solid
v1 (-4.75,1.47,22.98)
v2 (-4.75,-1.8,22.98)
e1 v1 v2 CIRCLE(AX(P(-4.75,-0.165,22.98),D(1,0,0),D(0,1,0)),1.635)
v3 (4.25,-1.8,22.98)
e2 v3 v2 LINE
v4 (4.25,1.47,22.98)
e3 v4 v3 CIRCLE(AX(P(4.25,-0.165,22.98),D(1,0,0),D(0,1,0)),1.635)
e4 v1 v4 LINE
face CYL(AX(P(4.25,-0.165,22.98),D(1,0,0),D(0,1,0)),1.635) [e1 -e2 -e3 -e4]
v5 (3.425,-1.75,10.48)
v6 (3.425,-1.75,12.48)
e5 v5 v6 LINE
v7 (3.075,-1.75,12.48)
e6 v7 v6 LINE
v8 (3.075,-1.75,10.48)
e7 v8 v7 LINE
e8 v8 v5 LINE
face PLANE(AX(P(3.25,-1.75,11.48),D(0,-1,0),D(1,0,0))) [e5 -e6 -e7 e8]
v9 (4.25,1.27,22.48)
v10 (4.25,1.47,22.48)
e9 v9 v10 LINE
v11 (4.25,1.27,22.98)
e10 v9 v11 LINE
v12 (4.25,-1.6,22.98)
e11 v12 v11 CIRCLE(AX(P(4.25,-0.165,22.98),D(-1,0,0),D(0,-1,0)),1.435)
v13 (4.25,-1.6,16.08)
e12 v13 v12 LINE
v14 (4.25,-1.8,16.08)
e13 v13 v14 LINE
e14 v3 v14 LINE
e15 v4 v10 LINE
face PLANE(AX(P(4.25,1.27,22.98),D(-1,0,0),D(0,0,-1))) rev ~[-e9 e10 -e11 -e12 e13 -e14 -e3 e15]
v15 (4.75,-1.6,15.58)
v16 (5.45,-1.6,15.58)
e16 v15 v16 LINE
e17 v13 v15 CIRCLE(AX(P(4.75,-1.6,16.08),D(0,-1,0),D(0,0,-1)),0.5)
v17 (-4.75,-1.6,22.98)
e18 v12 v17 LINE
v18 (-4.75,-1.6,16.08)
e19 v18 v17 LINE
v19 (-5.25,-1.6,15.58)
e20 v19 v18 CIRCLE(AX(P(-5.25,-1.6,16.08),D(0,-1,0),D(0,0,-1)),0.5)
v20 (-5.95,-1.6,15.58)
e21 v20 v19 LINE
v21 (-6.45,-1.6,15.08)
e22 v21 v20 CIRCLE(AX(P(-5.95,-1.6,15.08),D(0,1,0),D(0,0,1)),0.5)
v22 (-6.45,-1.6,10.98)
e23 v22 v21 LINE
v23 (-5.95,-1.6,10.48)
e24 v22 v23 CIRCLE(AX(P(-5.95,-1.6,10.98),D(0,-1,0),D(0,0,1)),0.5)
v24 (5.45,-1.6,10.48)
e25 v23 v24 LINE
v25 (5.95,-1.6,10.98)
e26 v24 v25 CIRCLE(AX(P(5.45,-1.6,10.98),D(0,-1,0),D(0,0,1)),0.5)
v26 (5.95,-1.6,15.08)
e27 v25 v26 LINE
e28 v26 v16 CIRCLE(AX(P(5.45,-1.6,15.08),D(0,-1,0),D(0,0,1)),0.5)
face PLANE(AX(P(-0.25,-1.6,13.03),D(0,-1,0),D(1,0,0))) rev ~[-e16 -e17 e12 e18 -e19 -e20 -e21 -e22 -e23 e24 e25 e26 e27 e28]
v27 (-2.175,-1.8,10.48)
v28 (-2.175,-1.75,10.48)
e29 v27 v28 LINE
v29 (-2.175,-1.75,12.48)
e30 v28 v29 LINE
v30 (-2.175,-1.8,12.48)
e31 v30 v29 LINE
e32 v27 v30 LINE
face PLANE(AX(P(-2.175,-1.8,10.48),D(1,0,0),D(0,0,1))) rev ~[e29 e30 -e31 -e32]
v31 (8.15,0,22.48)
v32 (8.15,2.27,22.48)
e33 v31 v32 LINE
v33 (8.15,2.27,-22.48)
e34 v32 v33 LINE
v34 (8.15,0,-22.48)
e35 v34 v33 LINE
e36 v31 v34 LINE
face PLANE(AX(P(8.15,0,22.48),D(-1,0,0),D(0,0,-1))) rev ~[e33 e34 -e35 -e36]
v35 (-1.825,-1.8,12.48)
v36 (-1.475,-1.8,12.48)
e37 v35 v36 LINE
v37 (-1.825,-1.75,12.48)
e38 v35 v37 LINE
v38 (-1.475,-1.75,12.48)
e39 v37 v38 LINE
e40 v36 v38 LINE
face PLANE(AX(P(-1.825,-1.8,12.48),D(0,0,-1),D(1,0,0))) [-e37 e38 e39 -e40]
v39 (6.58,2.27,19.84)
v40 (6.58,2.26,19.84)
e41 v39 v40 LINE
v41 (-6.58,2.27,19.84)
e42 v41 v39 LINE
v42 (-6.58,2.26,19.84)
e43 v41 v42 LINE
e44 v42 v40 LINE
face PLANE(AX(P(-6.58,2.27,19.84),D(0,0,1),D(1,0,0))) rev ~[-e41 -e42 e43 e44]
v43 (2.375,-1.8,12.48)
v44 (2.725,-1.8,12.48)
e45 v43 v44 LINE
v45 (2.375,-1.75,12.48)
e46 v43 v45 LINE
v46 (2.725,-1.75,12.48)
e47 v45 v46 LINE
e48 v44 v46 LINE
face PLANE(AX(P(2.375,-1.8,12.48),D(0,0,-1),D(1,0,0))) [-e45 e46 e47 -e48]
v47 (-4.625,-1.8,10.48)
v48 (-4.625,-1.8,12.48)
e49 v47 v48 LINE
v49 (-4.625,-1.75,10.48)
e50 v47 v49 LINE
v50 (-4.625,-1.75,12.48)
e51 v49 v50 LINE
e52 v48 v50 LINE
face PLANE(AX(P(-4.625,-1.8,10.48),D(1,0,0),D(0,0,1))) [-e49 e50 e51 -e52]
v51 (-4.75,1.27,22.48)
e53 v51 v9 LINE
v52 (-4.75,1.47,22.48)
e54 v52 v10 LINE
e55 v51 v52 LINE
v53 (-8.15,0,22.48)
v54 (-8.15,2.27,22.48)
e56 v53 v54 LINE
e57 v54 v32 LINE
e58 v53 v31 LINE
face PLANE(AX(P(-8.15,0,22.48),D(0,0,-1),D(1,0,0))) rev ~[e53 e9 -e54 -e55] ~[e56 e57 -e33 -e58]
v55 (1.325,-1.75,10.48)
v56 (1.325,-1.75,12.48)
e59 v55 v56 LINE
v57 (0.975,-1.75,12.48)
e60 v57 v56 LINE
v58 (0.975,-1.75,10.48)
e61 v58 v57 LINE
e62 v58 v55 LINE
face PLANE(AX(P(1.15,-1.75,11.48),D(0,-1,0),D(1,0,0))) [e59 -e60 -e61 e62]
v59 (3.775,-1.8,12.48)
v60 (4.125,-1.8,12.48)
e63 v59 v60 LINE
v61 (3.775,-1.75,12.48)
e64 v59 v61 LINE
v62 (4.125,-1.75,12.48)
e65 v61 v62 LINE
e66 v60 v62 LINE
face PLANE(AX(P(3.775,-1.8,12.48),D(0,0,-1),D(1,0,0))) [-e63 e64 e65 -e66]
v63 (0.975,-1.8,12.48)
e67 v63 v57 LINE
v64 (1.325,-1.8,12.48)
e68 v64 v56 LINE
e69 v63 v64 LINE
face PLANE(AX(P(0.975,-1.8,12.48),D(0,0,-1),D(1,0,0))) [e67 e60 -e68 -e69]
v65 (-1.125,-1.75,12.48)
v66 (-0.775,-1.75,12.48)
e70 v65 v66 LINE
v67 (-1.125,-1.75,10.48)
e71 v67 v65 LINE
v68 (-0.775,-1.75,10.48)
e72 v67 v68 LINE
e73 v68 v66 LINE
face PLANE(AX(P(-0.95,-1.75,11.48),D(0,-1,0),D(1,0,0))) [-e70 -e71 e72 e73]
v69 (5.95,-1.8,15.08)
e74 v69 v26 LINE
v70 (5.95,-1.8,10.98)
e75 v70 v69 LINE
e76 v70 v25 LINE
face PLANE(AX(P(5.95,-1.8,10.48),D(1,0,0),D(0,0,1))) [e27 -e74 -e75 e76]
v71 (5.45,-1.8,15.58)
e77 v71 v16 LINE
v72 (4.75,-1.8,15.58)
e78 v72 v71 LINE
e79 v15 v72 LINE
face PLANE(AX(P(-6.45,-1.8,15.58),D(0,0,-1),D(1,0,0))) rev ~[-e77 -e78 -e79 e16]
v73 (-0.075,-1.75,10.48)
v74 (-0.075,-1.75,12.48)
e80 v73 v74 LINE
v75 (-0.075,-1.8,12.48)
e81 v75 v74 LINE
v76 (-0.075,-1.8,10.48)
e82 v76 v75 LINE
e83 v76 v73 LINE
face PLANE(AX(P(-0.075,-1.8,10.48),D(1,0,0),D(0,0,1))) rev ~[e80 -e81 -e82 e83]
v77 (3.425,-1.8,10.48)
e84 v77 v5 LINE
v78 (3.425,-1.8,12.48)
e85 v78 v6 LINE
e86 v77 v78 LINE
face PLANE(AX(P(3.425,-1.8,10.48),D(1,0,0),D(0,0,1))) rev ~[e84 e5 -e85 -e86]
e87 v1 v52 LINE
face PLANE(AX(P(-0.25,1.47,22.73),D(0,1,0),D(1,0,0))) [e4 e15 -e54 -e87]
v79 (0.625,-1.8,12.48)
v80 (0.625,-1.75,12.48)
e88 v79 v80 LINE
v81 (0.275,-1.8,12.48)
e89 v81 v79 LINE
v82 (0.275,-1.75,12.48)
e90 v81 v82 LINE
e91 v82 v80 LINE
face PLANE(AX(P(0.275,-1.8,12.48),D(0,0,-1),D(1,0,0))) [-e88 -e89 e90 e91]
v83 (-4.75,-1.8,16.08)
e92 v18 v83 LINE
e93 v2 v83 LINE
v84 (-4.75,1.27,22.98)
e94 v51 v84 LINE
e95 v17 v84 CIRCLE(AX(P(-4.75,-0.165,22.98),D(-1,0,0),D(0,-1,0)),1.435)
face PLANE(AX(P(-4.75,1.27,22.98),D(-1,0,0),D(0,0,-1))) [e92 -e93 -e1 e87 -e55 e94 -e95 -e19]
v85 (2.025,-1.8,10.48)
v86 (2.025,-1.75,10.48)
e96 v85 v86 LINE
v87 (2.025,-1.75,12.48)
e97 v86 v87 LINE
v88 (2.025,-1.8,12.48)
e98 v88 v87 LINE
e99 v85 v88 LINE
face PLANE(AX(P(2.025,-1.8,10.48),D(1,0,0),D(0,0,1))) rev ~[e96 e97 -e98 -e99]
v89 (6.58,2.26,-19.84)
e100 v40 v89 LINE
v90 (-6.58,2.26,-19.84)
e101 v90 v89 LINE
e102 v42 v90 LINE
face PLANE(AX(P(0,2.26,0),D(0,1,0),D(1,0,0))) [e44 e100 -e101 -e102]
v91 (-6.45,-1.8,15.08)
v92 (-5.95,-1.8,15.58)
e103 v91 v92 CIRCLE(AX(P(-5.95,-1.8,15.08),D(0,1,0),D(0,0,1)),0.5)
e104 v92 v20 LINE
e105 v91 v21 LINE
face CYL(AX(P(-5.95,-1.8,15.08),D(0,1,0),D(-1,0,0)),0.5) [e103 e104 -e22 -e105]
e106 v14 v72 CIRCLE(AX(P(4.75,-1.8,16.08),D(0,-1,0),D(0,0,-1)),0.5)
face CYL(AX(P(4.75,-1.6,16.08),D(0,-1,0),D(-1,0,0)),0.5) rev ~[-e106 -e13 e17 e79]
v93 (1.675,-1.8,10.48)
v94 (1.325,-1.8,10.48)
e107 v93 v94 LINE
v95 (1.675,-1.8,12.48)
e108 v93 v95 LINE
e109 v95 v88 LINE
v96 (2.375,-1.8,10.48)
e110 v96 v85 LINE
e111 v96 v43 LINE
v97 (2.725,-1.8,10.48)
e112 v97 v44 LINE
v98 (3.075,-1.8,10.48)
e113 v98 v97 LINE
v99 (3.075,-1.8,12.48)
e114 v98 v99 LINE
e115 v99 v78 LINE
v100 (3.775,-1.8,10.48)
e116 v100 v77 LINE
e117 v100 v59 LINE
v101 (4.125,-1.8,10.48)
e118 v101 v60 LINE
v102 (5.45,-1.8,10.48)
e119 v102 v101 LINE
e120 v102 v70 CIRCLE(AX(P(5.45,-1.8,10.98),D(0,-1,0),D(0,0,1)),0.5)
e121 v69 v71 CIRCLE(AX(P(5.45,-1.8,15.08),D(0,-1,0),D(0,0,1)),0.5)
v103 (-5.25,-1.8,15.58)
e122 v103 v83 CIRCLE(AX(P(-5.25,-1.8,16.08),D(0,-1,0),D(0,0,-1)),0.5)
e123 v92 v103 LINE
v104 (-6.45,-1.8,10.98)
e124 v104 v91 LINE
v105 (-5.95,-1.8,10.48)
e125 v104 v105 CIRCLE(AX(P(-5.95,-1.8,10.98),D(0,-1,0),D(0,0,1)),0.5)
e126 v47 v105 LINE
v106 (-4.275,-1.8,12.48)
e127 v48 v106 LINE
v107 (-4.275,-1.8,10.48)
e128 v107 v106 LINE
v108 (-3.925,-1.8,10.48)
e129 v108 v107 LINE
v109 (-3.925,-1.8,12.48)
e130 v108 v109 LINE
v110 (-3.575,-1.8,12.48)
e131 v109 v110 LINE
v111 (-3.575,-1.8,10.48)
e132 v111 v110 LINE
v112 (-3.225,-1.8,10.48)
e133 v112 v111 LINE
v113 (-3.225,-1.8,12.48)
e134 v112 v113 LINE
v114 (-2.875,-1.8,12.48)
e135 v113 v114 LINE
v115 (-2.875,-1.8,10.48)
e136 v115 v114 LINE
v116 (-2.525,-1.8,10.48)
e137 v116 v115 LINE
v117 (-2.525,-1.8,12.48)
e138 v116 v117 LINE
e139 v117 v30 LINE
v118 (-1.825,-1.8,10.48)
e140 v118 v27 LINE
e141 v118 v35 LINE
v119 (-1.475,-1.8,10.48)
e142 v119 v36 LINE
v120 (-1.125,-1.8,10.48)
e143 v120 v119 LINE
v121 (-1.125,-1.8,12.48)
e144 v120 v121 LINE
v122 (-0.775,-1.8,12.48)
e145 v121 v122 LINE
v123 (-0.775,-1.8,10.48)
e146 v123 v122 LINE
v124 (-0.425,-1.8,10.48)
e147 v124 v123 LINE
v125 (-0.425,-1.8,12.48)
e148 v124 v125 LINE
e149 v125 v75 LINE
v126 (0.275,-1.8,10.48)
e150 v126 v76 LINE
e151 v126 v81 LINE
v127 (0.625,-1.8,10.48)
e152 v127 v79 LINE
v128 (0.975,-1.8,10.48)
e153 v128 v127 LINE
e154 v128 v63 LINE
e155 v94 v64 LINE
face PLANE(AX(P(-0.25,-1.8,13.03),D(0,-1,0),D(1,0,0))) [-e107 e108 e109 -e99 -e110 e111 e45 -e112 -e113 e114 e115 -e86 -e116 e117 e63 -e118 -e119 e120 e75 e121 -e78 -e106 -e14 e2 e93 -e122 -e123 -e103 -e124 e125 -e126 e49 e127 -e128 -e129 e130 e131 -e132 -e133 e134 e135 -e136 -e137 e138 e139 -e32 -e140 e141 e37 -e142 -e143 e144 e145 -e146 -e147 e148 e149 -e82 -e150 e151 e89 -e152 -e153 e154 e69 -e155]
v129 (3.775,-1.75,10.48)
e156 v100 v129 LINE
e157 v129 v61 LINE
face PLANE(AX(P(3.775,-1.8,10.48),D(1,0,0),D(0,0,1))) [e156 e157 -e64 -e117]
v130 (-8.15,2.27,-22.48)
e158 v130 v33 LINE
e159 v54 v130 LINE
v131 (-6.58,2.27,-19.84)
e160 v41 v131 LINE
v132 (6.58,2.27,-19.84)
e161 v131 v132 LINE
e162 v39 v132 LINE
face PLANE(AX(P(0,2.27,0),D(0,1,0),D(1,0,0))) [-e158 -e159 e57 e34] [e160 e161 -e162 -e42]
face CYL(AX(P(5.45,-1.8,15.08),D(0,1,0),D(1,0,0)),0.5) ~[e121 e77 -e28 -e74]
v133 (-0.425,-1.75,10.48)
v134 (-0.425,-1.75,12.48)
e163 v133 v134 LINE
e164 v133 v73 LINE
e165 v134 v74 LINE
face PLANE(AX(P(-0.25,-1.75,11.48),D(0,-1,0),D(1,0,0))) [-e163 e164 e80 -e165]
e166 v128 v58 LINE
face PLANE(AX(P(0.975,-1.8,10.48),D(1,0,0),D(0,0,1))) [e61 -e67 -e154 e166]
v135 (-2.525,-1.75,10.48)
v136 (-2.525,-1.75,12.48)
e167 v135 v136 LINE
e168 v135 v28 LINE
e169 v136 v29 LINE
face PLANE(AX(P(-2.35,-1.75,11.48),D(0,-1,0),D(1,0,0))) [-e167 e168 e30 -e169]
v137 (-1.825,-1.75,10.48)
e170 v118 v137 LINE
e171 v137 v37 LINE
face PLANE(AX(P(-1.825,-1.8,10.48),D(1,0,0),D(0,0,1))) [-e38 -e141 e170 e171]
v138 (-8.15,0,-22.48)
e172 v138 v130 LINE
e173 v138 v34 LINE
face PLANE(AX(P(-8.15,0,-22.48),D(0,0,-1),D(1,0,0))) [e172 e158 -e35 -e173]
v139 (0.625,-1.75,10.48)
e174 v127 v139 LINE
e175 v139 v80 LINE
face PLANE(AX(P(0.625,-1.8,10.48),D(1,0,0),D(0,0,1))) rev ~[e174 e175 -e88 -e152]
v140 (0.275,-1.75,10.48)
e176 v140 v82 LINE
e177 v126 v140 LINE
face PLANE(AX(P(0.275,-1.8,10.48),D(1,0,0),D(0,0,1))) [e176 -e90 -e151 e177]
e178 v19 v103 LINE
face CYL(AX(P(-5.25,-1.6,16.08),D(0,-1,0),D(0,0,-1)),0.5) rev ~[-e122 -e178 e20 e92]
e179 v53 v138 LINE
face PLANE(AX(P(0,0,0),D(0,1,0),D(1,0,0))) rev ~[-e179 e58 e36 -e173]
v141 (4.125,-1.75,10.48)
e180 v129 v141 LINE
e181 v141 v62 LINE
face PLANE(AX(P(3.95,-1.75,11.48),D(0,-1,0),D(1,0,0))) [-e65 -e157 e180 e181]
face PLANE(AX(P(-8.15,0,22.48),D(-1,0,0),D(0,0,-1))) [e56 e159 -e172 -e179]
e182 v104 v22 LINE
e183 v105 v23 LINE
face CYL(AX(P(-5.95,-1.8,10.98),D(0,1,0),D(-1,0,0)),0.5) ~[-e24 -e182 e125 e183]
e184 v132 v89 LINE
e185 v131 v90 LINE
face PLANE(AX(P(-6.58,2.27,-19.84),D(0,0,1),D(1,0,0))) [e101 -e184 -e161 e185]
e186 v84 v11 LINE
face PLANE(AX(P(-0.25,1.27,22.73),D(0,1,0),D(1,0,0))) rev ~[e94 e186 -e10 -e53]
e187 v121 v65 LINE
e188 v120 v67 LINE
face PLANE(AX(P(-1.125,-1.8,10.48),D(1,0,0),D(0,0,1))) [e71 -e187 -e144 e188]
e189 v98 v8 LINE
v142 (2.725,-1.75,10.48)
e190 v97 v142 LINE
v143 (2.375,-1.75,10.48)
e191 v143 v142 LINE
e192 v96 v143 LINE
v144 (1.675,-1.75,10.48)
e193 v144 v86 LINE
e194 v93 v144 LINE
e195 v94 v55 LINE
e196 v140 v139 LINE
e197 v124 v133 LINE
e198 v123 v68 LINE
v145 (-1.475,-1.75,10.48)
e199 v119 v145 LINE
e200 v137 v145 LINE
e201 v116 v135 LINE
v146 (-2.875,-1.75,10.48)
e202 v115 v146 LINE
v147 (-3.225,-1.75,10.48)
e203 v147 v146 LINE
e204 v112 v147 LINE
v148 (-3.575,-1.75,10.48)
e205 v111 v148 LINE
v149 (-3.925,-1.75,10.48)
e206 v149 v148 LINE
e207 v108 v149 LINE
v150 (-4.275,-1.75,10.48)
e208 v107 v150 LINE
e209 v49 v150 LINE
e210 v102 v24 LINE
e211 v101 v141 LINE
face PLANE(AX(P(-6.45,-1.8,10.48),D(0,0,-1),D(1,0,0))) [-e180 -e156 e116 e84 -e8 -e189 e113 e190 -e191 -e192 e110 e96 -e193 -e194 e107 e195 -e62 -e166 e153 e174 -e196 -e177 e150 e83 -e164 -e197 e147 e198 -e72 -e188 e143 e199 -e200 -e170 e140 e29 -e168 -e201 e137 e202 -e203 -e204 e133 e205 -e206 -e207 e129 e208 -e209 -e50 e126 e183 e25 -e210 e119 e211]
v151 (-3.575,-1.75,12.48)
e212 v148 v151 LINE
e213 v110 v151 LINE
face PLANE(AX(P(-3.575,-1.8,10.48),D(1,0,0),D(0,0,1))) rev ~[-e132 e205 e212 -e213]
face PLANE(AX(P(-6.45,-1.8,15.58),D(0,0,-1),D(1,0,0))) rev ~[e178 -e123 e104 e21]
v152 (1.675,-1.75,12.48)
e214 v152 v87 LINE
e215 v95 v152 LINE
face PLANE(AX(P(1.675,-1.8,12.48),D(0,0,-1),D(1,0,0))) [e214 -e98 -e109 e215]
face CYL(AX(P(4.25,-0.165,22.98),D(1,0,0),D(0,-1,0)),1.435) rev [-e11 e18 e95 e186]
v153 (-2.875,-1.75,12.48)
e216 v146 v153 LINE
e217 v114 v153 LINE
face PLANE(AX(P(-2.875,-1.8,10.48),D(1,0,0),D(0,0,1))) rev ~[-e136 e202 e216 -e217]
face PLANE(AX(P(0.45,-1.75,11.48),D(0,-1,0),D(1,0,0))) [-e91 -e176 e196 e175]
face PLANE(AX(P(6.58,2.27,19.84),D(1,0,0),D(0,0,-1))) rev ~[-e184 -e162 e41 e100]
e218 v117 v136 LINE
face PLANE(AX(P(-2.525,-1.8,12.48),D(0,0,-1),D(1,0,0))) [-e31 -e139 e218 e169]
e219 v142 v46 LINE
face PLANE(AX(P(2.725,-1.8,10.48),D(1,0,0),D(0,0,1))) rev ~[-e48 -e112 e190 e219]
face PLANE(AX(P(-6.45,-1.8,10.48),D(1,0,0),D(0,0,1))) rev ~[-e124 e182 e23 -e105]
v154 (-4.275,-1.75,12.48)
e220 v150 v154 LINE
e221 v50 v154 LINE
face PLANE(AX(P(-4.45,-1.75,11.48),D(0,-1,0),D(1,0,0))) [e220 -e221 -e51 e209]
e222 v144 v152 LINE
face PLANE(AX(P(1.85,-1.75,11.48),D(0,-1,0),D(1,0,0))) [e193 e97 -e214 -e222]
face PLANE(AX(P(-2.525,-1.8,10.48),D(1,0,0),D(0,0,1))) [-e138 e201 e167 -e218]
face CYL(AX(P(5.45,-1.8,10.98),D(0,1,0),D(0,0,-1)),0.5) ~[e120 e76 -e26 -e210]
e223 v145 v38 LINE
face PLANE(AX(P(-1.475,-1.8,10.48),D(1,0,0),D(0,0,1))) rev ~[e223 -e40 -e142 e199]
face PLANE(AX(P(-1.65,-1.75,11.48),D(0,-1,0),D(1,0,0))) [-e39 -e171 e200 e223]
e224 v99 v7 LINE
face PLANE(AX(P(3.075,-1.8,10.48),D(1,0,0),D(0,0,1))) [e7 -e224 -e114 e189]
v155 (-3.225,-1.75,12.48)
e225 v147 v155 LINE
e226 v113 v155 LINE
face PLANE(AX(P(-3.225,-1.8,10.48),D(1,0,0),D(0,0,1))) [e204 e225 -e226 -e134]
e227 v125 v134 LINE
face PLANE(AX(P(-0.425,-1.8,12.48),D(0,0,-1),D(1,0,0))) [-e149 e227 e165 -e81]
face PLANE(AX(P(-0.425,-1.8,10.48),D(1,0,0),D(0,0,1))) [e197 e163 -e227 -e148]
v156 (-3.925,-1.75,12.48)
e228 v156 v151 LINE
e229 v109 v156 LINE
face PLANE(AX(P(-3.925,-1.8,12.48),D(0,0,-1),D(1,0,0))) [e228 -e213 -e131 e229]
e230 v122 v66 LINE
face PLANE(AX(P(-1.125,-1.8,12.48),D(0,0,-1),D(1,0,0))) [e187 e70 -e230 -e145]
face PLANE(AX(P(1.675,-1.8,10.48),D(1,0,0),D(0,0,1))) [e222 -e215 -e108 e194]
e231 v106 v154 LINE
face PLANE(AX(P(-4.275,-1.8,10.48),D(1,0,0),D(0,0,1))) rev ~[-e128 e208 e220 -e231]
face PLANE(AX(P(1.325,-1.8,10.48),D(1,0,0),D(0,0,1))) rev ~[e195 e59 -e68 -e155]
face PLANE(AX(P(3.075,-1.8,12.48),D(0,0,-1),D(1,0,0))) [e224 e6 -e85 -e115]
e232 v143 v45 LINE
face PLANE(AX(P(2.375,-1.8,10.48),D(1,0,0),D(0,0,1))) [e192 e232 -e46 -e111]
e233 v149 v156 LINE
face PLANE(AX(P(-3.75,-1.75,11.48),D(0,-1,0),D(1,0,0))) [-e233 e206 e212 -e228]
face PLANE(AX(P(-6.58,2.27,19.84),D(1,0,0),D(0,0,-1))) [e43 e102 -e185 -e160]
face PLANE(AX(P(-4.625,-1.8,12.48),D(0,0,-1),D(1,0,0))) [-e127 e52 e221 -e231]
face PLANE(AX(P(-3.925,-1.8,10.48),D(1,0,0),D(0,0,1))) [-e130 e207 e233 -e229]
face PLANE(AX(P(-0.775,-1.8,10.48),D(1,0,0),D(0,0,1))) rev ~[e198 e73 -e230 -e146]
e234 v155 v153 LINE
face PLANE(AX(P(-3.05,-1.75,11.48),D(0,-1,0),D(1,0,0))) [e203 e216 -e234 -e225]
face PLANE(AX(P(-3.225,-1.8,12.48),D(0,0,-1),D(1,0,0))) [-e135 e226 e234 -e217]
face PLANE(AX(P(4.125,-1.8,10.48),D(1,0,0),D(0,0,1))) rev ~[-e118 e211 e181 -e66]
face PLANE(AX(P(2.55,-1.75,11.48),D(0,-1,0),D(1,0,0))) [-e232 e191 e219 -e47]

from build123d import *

# Parameters (mm, degrees)
SKETCH_1_W          = 16.3
SKETCH_1_H          = 44.96
EXTRUDE_1_DEPTH     = 2.27
SKETCH_2_W          = 13.16
SKETCH_2_H          = 39.68
CUT_EXTRUDE_1_DEPTH = 0.01
SKETCH_3_W          = 9
SKETCH_3_H          = 0.5
EXTRUDE_2_DEPTH     = 0.2
EXTRUDE_3_DEPTH     = 9
SKETCH_5_W          = 12.4
SKETCH_5_H          = 5.1
EXTRUDE_4_DEPTH     = 0.2
SKETCH_6_W          = 0.35
SKETCH_6_H          = 2
CUT_EXTRUDE_2_DEPTH = 0.05
FILLET_2_R          = 0.5


with BuildPart() as part:
    # 草图1 → 凸台-拉伸1 (new body)
    with BuildSketch(Plane(origin=(0, 0, 0), x_dir=(1, 0, 0), z_dir=(0, 1, 0))):
        Rectangle(SKETCH_1_W, SKETCH_1_H)
    extrude(amount=EXTRUDE_1_DEPTH)

    # 草图2 → 切除-拉伸1 (cut)
    with BuildSketch(Plane(origin=(0, 2.27, 0), x_dir=(1, 0, 0), z_dir=(0, 1, 0))):
        Rectangle(SKETCH_2_W, SKETCH_2_H)
    extrude(amount=-CUT_EXTRUDE_1_DEPTH, mode=Mode.SUBTRACT)

    # 草图3 → 凸台-拉伸2 (add)
    with BuildSketch(Plane(origin=(0, 1.27, 0), x_dir=(1, 0, 0), z_dir=(0, 1, 0))):
        with Locations((-0.25, -22.73)):
            Rectangle(SKETCH_3_W, SKETCH_3_H)
    extrude(amount=EXTRUDE_2_DEPTH)

    # 草图4 → 凸台-拉伸3 (add)
    with BuildSketch(Plane(origin=(4.25, 0, 0), x_dir=(0, 0, -1), z_dir=(1, 0, 0))):
        with BuildLine():
            Line((-22.73, 1.47), (-22.98, 1.47))
            ThreePointArc((-22.98, 1.47), (-24.615, -0.165), (-22.98, -1.8))
            Line((-22.98, -1.8), (-10.48, -1.8))
            Line((-10.48, -1.8), (-10.48, -1.6))
            Line((-10.48, -1.6), (-22.98, -1.6))
            ThreePointArc((-22.98, -1.6), (-24.415, -0.165), (-22.98, 1.27))
            Line((-22.98, 1.27), (-22.73, 1.27))
            Line((-22.73, 1.27), (-22.73, 1.47))
        make_face()
    extrude(amount=-EXTRUDE_3_DEPTH)

    # 草图5 → 凸台-拉伸4 (add)
    with BuildSketch(Plane.XZ.offset(1.8)):
        with Locations((-0.25, 13.03)):
            Rectangle(SKETCH_5_W, SKETCH_5_H)
    extrude(amount=-EXTRUDE_4_DEPTH)

    # 草图6 → 切除-拉伸2 (cut)
    with BuildSketch(Plane.XZ.offset(1.8)):
        with Locations((-4.45, 11.48)):
            Rectangle(SKETCH_6_W, SKETCH_6_H)
        with Locations((-3.75, 11.48)):
            Rectangle(SKETCH_6_W, SKETCH_6_H)
        with Locations((-3.05, 11.48)):
            Rectangle(SKETCH_6_W, SKETCH_6_H)
        with Locations((-2.35, 11.48)):
            Rectangle(SKETCH_6_W, SKETCH_6_H)
        with Locations((-1.65, 11.48)):
            Rectangle(SKETCH_6_W, SKETCH_6_H)
        with Locations((-0.95, 11.48)):
            Rectangle(SKETCH_6_W, SKETCH_6_H)
        with Locations((-0.25, 11.48)):
            Rectangle(SKETCH_6_W, SKETCH_6_H)
        with Locations((0.45, 11.48)):
            Rectangle(SKETCH_6_W, SKETCH_6_H)
        with Locations((1.15, 11.48)):
            Rectangle(SKETCH_6_W, SKETCH_6_H)
        with Locations((1.85, 11.48)):
            Rectangle(SKETCH_6_W, SKETCH_6_H)
        with Locations((2.55, 11.48)):
            Rectangle(SKETCH_6_W, SKETCH_6_H)
        with Locations((3.25, 11.48)):
            Rectangle(SKETCH_6_W, SKETCH_6_H)
        with Locations((3.95, 11.48)):
            Rectangle(SKETCH_6_W, SKETCH_6_H)
    extrude(amount=-CUT_EXTRUDE_2_DEPTH, mode=Mode.SUBTRACT)

    # 圆角2
    fillet_2_edges = [part.edges().sort_by_distance(p)[0] for p in [
        (-6.45, -1.7, 15.58),
        (5.95, -1.7, 10.48),
        (-4.75, -1.7, 15.58),
        (4.25, -1.7, 15.58),
        (-6.45, -1.7, 10.48),
        (5.95, -1.7, 15.58),
    ]]
    fillet(fillet_2_edges, radius=FILLET_2_R)


solid = part.part
